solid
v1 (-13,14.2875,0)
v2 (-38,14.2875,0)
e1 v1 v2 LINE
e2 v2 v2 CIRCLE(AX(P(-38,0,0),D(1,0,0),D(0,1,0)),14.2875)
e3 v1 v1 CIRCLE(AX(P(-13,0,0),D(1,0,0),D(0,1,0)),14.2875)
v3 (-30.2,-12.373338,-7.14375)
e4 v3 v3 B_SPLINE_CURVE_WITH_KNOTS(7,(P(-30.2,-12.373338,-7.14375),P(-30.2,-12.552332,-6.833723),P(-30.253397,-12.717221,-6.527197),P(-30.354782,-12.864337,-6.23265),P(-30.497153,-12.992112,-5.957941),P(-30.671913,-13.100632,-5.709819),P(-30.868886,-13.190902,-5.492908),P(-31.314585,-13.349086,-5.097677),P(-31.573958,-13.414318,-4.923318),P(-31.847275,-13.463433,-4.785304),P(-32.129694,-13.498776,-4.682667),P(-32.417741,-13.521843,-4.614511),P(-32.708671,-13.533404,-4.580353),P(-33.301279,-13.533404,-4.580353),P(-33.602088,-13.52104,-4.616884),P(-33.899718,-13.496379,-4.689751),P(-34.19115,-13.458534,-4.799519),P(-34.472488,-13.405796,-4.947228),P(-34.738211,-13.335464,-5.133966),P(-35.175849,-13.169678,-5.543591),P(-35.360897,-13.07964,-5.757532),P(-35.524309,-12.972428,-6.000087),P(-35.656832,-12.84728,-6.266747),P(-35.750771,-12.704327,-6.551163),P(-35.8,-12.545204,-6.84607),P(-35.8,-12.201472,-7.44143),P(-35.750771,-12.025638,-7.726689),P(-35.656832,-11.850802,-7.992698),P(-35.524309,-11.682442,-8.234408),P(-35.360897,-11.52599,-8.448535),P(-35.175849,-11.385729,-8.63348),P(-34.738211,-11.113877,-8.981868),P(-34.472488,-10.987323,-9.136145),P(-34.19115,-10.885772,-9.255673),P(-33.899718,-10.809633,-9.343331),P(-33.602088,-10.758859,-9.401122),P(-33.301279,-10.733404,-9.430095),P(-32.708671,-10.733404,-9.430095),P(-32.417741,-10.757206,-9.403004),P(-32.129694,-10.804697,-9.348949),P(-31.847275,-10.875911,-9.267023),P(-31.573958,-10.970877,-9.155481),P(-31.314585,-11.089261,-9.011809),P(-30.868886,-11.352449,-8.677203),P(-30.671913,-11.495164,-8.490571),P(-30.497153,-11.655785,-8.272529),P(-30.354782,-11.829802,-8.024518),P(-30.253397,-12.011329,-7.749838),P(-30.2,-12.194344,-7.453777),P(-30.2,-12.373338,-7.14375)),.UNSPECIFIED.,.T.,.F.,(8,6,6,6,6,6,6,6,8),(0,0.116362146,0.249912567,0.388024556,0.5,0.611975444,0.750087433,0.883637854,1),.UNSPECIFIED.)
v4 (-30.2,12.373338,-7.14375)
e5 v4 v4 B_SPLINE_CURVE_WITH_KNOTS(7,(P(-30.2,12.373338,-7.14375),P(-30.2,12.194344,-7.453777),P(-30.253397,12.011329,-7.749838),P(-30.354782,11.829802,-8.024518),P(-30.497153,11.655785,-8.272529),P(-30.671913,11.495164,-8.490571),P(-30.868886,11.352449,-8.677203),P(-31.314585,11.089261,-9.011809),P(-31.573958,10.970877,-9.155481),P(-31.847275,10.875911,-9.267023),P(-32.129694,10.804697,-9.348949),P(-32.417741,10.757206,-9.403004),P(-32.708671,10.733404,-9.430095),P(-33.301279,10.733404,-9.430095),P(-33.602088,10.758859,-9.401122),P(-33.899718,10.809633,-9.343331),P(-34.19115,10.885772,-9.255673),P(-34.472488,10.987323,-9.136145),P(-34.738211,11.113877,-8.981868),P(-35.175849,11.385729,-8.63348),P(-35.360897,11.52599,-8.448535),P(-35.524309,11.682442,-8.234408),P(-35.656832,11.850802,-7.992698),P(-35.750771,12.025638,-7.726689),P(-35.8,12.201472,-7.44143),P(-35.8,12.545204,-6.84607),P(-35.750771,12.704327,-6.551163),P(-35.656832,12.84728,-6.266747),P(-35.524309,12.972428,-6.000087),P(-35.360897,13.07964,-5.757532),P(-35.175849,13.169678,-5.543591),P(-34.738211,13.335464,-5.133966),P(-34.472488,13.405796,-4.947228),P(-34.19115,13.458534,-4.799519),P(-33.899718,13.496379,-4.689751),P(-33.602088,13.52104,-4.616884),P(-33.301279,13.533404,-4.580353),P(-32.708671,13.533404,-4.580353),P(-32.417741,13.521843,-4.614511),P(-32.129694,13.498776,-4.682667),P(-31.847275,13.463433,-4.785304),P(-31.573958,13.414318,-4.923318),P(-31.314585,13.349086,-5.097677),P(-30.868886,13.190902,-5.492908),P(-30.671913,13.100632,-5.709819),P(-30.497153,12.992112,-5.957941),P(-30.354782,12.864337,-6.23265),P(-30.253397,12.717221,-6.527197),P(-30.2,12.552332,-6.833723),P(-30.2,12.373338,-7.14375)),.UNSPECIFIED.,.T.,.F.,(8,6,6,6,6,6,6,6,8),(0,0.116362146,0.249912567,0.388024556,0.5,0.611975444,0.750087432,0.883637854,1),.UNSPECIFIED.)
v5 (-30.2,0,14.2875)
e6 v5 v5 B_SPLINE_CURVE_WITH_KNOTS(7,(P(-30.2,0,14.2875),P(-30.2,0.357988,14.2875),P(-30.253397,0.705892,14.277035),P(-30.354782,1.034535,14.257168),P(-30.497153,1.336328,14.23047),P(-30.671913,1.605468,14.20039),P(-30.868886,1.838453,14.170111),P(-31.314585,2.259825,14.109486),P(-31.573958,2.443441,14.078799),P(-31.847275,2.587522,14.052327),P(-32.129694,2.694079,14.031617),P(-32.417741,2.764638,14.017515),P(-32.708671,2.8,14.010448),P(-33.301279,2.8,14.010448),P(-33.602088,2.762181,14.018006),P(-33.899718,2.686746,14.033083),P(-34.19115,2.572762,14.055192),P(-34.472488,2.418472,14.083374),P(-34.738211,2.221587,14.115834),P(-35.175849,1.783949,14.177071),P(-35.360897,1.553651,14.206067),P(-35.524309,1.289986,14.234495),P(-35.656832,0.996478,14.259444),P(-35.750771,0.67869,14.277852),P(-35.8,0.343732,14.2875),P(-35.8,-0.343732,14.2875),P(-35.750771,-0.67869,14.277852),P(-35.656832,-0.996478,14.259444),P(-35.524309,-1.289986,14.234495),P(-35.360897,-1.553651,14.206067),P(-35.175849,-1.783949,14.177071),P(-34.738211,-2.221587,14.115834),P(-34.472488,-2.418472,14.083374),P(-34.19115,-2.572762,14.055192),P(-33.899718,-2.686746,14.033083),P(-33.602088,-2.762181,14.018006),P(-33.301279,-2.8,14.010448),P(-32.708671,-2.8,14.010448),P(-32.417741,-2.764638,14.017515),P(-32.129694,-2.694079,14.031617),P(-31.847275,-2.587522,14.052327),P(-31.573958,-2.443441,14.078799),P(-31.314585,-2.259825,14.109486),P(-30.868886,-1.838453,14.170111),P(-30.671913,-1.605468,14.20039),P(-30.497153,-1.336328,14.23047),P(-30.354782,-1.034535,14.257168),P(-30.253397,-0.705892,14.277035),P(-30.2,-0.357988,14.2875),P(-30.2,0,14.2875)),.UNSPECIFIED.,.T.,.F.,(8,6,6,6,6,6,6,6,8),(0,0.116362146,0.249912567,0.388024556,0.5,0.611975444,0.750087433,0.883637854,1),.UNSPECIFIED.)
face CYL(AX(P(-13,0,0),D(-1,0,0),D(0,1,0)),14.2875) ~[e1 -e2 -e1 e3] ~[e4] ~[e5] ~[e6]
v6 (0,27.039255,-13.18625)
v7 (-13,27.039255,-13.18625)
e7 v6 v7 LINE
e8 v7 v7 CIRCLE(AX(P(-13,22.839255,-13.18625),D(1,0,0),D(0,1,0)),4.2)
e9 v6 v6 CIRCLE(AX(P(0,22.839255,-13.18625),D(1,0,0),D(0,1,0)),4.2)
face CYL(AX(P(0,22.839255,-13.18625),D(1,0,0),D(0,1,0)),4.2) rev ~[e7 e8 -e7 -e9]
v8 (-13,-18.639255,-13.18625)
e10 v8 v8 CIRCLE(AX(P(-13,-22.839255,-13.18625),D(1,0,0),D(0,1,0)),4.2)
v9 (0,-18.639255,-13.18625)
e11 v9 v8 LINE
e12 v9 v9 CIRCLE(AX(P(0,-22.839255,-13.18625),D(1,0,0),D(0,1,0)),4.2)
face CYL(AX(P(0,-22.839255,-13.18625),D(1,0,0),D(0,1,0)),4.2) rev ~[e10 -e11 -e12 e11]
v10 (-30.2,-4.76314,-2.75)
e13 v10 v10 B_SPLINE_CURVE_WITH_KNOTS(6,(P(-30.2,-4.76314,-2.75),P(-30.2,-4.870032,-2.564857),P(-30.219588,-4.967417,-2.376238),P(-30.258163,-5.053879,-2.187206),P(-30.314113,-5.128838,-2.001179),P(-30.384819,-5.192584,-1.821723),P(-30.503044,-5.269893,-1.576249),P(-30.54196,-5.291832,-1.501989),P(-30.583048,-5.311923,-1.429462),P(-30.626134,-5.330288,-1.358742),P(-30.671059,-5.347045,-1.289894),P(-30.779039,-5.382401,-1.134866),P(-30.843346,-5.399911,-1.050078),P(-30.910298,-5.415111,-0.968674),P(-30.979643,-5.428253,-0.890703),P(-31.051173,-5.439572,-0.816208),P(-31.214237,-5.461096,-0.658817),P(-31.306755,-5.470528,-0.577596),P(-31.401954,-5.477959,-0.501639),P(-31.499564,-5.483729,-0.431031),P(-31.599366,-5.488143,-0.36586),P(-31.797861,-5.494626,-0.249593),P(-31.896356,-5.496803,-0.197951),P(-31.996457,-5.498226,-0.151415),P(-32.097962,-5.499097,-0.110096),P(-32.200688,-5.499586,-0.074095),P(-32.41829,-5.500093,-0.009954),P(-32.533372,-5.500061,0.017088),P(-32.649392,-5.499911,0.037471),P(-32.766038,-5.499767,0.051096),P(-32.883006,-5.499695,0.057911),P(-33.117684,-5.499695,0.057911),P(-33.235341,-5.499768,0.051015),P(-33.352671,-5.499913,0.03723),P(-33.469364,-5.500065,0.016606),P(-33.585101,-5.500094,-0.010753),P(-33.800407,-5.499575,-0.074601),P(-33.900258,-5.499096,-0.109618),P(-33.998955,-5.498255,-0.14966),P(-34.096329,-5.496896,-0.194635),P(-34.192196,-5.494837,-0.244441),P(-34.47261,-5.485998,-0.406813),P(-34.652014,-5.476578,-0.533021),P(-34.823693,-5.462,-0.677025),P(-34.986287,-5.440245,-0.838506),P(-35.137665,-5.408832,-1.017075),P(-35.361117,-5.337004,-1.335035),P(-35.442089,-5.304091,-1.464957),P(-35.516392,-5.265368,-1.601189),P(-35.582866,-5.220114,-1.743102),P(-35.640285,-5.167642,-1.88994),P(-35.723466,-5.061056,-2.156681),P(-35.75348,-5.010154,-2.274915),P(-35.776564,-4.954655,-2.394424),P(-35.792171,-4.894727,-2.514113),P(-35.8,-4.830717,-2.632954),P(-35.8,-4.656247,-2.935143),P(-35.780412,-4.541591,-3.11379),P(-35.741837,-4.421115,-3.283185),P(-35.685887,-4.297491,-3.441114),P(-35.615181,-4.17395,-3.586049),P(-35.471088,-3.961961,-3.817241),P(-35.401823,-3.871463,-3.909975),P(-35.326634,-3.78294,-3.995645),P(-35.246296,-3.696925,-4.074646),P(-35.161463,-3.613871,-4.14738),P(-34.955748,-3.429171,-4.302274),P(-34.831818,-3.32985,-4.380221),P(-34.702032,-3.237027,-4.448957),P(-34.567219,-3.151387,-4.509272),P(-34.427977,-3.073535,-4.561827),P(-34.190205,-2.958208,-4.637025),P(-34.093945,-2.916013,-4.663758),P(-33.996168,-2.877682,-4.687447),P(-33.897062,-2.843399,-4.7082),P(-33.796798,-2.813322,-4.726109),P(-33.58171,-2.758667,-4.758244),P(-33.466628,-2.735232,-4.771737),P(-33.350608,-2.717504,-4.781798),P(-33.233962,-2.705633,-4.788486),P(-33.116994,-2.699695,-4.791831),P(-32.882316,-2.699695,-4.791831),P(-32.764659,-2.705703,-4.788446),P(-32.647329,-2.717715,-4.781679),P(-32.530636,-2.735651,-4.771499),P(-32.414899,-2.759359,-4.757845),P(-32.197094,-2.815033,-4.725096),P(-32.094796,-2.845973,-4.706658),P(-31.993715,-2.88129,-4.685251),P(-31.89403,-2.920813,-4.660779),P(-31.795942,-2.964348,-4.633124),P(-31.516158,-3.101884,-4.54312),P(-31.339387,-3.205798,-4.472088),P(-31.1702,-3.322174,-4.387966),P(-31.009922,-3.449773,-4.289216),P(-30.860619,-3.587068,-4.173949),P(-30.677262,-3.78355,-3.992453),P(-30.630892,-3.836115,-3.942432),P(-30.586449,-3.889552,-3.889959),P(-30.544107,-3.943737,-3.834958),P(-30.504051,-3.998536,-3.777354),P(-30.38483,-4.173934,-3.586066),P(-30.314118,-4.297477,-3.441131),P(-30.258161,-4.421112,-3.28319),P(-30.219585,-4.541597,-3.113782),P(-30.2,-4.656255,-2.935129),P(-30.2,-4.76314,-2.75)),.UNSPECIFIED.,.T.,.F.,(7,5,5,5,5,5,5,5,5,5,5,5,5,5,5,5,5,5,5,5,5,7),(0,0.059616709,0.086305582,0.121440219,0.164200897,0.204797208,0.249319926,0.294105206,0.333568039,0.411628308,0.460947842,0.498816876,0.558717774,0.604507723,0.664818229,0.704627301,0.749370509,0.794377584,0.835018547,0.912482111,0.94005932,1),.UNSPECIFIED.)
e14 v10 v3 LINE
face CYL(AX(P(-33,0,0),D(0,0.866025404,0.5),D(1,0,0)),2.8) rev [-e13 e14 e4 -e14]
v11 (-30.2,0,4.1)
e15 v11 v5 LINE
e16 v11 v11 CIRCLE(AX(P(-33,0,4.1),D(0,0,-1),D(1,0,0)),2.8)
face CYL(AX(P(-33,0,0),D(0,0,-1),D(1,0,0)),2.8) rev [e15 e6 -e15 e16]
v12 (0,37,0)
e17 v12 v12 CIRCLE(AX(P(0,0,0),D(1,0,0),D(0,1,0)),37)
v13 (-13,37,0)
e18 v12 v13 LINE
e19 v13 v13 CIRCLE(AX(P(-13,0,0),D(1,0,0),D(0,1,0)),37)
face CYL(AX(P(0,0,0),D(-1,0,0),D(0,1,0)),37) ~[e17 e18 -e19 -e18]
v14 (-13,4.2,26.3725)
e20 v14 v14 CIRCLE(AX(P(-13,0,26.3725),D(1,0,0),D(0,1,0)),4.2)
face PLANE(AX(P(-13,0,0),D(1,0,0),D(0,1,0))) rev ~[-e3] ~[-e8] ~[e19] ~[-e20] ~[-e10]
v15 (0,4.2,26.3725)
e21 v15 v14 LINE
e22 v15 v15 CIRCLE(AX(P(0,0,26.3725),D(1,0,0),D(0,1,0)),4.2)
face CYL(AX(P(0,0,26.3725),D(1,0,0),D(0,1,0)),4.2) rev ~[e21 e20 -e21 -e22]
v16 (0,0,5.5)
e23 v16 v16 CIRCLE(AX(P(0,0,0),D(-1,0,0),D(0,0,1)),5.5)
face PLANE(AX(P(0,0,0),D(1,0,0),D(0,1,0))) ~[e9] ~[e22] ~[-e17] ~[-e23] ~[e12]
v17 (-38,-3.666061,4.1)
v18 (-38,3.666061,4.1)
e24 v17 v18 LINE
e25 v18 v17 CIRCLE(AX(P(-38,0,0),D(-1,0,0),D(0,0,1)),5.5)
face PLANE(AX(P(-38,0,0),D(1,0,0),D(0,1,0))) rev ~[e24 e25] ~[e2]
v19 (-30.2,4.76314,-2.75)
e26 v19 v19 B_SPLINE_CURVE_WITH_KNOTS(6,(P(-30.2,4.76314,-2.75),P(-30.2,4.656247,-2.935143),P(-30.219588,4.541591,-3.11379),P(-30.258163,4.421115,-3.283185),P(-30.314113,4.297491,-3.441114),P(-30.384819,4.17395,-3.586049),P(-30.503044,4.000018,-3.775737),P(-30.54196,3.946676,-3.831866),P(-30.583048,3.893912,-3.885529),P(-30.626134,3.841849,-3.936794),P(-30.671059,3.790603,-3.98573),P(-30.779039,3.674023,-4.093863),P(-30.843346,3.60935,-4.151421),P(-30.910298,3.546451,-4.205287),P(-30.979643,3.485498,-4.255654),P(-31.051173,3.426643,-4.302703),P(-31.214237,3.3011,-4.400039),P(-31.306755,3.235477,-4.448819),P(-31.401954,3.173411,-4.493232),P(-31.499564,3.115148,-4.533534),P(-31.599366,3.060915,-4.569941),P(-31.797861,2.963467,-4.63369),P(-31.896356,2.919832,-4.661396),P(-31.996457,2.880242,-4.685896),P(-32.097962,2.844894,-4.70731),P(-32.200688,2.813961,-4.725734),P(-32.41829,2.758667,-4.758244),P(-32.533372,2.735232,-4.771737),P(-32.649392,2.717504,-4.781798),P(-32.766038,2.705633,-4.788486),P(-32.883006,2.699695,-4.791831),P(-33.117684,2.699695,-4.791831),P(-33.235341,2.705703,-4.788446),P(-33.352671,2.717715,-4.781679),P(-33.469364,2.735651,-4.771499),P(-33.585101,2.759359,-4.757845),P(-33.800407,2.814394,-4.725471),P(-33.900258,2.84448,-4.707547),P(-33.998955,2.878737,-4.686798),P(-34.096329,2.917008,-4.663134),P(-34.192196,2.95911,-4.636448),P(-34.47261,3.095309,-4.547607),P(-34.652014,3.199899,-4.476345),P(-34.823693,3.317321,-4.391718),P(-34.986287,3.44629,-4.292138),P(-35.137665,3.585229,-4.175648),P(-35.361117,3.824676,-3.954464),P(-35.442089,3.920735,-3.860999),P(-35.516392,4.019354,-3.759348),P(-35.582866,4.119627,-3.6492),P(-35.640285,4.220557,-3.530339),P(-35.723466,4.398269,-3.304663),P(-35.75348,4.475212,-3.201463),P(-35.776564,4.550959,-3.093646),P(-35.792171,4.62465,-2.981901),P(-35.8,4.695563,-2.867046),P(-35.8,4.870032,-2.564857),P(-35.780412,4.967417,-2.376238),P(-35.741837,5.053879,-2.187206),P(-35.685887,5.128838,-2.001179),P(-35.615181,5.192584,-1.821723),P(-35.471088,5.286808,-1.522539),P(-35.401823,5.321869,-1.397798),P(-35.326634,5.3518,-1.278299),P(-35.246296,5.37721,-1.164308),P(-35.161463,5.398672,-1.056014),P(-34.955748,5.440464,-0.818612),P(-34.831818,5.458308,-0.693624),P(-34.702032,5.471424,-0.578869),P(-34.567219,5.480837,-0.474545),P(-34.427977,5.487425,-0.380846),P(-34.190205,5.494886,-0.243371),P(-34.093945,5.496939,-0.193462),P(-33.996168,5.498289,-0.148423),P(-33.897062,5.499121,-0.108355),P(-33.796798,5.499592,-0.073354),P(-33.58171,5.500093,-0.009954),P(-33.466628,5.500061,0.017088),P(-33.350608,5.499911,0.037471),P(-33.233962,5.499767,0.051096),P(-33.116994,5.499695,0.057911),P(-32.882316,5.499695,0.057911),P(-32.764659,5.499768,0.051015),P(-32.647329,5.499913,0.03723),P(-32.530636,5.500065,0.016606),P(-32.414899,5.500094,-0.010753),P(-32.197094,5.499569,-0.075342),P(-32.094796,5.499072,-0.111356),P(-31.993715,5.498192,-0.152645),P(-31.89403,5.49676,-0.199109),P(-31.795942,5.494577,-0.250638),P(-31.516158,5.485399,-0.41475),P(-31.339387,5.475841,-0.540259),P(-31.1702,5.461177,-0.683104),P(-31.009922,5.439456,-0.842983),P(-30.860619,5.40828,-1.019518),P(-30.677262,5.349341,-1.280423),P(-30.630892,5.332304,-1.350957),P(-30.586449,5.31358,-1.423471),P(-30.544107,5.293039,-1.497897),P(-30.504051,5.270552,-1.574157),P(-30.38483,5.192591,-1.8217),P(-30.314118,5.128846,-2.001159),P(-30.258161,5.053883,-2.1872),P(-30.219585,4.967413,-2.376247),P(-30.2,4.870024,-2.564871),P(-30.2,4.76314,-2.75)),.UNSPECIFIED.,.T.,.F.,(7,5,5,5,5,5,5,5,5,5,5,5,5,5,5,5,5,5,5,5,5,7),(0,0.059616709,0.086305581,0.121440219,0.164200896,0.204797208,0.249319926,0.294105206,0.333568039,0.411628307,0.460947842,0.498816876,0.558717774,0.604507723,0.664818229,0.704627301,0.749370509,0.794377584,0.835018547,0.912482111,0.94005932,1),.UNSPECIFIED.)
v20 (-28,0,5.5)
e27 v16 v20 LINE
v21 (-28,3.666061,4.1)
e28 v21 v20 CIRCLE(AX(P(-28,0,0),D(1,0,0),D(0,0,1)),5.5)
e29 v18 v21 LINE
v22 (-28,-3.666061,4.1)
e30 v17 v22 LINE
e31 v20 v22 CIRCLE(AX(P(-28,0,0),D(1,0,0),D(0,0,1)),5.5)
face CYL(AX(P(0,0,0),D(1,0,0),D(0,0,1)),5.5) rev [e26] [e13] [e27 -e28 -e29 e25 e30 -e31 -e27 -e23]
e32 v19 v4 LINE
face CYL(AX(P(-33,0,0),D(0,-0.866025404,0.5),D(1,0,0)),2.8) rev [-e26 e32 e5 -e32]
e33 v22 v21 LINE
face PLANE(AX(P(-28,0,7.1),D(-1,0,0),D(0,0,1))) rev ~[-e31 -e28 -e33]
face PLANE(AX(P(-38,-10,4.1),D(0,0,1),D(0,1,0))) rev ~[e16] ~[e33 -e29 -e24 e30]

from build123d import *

# Parameters (mm, degrees)
CYLINDER_R              = 2.8
CYLINDER_DEPTH          = 100
ARRAY_COUNT             = 3
CYLINDER001_R           = 5.5
CYLINDER001_DEPTH       = 38
CYLINDER001_PITCH_ANGLE = -90
SKETCH003_W             = 6
SKETCH003_H             = 20
POCKET_DEPTH            = 10
SKETCH002_R             = 4.2
PAD_DEPTH               = 38


with BuildPart() as set_screw_array:
    # Cylinder → Cylinder (new body)
    with BuildSketch(Plane(origin=(-33, 0, 0), x_dir=(1, 0, 0), z_dir=(0, 0, 1))):
        Circle(CYLINDER_R)
    extrude(amount=CYLINDER_DEPTH)

    # Array: Set Screw Array ×3 about axis
    array_axis = Axis((0, 0, 0), (1, 0, 0))


with BuildPart() as set_screw_array_1:
    add(set_screw_array.part)
    for i in range(1, ARRAY_COUNT):
        add(set_screw_array.part.rotate(array_axis, i * 360 / ARRAY_COUNT))


with BuildPart() as pocket:
    # Cylinder001 → Cylinder001 (new body)
    with BuildSketch(Plane.XY):
        Circle(CYLINDER001_R)
    extrude(amount=CYLINDER001_DEPTH)


with BuildPart() as pocket_1:
    # Cylinder001 pitch: moved
    add(pocket.part.rotate(Axis((0, 0, 0), (0, 1, 0)), CYLINDER001_PITCH_ANGLE))


with BuildPart() as pocket_2:
    # Cylinder001 placement: moved
    add(pocket_1.part)

    # Sketch003 → Pocket (cut)
    with BuildSketch(Plane.ZY.offset(38)):
        with Locations((7.1, 0)):
            Rectangle(SKETCH003_W, SKETCH003_H)
    extrude(amount=-POCKET_DEPTH, mode=Mode.SUBTRACT)


with BuildPart() as pad:
    # Sketch002 → Pad (new body)
    with BuildSketch(Plane.YZ):
        with Locations((0, 26.3725)):
            Circle(SKETCH002_R)
        with Locations((-22.839255, -13.18625)):
            Circle(SKETCH002_R)
        with Locations((22.839255, -13.18625)):
            Circle(SKETCH002_R)
    extrude(amount=-PAD_DEPTH)


with BuildPart() as cut002:
    # Sketch → Revolution (revolve)
    with BuildSketch(Plane.XY):
        Polygon((0, 37), (-13, 37), (-13, 14.2875), (-38, 14.2875), (-38, 0), (0, 0), align=None)
    revolve(axis=Axis((0, 0, 0), (1, 0, 0)))

    # Cut: cut Pad
    add(pad.part, mode=Mode.SUBTRACT)

    # Cut001: cut Pocket
    add(pocket_2.part, mode=Mode.SUBTRACT)

    # Cut002: cut Set Screw Array
    add(set_screw_array_1.part, mode=Mode.SUBTRACT)


solid = cut002.part
